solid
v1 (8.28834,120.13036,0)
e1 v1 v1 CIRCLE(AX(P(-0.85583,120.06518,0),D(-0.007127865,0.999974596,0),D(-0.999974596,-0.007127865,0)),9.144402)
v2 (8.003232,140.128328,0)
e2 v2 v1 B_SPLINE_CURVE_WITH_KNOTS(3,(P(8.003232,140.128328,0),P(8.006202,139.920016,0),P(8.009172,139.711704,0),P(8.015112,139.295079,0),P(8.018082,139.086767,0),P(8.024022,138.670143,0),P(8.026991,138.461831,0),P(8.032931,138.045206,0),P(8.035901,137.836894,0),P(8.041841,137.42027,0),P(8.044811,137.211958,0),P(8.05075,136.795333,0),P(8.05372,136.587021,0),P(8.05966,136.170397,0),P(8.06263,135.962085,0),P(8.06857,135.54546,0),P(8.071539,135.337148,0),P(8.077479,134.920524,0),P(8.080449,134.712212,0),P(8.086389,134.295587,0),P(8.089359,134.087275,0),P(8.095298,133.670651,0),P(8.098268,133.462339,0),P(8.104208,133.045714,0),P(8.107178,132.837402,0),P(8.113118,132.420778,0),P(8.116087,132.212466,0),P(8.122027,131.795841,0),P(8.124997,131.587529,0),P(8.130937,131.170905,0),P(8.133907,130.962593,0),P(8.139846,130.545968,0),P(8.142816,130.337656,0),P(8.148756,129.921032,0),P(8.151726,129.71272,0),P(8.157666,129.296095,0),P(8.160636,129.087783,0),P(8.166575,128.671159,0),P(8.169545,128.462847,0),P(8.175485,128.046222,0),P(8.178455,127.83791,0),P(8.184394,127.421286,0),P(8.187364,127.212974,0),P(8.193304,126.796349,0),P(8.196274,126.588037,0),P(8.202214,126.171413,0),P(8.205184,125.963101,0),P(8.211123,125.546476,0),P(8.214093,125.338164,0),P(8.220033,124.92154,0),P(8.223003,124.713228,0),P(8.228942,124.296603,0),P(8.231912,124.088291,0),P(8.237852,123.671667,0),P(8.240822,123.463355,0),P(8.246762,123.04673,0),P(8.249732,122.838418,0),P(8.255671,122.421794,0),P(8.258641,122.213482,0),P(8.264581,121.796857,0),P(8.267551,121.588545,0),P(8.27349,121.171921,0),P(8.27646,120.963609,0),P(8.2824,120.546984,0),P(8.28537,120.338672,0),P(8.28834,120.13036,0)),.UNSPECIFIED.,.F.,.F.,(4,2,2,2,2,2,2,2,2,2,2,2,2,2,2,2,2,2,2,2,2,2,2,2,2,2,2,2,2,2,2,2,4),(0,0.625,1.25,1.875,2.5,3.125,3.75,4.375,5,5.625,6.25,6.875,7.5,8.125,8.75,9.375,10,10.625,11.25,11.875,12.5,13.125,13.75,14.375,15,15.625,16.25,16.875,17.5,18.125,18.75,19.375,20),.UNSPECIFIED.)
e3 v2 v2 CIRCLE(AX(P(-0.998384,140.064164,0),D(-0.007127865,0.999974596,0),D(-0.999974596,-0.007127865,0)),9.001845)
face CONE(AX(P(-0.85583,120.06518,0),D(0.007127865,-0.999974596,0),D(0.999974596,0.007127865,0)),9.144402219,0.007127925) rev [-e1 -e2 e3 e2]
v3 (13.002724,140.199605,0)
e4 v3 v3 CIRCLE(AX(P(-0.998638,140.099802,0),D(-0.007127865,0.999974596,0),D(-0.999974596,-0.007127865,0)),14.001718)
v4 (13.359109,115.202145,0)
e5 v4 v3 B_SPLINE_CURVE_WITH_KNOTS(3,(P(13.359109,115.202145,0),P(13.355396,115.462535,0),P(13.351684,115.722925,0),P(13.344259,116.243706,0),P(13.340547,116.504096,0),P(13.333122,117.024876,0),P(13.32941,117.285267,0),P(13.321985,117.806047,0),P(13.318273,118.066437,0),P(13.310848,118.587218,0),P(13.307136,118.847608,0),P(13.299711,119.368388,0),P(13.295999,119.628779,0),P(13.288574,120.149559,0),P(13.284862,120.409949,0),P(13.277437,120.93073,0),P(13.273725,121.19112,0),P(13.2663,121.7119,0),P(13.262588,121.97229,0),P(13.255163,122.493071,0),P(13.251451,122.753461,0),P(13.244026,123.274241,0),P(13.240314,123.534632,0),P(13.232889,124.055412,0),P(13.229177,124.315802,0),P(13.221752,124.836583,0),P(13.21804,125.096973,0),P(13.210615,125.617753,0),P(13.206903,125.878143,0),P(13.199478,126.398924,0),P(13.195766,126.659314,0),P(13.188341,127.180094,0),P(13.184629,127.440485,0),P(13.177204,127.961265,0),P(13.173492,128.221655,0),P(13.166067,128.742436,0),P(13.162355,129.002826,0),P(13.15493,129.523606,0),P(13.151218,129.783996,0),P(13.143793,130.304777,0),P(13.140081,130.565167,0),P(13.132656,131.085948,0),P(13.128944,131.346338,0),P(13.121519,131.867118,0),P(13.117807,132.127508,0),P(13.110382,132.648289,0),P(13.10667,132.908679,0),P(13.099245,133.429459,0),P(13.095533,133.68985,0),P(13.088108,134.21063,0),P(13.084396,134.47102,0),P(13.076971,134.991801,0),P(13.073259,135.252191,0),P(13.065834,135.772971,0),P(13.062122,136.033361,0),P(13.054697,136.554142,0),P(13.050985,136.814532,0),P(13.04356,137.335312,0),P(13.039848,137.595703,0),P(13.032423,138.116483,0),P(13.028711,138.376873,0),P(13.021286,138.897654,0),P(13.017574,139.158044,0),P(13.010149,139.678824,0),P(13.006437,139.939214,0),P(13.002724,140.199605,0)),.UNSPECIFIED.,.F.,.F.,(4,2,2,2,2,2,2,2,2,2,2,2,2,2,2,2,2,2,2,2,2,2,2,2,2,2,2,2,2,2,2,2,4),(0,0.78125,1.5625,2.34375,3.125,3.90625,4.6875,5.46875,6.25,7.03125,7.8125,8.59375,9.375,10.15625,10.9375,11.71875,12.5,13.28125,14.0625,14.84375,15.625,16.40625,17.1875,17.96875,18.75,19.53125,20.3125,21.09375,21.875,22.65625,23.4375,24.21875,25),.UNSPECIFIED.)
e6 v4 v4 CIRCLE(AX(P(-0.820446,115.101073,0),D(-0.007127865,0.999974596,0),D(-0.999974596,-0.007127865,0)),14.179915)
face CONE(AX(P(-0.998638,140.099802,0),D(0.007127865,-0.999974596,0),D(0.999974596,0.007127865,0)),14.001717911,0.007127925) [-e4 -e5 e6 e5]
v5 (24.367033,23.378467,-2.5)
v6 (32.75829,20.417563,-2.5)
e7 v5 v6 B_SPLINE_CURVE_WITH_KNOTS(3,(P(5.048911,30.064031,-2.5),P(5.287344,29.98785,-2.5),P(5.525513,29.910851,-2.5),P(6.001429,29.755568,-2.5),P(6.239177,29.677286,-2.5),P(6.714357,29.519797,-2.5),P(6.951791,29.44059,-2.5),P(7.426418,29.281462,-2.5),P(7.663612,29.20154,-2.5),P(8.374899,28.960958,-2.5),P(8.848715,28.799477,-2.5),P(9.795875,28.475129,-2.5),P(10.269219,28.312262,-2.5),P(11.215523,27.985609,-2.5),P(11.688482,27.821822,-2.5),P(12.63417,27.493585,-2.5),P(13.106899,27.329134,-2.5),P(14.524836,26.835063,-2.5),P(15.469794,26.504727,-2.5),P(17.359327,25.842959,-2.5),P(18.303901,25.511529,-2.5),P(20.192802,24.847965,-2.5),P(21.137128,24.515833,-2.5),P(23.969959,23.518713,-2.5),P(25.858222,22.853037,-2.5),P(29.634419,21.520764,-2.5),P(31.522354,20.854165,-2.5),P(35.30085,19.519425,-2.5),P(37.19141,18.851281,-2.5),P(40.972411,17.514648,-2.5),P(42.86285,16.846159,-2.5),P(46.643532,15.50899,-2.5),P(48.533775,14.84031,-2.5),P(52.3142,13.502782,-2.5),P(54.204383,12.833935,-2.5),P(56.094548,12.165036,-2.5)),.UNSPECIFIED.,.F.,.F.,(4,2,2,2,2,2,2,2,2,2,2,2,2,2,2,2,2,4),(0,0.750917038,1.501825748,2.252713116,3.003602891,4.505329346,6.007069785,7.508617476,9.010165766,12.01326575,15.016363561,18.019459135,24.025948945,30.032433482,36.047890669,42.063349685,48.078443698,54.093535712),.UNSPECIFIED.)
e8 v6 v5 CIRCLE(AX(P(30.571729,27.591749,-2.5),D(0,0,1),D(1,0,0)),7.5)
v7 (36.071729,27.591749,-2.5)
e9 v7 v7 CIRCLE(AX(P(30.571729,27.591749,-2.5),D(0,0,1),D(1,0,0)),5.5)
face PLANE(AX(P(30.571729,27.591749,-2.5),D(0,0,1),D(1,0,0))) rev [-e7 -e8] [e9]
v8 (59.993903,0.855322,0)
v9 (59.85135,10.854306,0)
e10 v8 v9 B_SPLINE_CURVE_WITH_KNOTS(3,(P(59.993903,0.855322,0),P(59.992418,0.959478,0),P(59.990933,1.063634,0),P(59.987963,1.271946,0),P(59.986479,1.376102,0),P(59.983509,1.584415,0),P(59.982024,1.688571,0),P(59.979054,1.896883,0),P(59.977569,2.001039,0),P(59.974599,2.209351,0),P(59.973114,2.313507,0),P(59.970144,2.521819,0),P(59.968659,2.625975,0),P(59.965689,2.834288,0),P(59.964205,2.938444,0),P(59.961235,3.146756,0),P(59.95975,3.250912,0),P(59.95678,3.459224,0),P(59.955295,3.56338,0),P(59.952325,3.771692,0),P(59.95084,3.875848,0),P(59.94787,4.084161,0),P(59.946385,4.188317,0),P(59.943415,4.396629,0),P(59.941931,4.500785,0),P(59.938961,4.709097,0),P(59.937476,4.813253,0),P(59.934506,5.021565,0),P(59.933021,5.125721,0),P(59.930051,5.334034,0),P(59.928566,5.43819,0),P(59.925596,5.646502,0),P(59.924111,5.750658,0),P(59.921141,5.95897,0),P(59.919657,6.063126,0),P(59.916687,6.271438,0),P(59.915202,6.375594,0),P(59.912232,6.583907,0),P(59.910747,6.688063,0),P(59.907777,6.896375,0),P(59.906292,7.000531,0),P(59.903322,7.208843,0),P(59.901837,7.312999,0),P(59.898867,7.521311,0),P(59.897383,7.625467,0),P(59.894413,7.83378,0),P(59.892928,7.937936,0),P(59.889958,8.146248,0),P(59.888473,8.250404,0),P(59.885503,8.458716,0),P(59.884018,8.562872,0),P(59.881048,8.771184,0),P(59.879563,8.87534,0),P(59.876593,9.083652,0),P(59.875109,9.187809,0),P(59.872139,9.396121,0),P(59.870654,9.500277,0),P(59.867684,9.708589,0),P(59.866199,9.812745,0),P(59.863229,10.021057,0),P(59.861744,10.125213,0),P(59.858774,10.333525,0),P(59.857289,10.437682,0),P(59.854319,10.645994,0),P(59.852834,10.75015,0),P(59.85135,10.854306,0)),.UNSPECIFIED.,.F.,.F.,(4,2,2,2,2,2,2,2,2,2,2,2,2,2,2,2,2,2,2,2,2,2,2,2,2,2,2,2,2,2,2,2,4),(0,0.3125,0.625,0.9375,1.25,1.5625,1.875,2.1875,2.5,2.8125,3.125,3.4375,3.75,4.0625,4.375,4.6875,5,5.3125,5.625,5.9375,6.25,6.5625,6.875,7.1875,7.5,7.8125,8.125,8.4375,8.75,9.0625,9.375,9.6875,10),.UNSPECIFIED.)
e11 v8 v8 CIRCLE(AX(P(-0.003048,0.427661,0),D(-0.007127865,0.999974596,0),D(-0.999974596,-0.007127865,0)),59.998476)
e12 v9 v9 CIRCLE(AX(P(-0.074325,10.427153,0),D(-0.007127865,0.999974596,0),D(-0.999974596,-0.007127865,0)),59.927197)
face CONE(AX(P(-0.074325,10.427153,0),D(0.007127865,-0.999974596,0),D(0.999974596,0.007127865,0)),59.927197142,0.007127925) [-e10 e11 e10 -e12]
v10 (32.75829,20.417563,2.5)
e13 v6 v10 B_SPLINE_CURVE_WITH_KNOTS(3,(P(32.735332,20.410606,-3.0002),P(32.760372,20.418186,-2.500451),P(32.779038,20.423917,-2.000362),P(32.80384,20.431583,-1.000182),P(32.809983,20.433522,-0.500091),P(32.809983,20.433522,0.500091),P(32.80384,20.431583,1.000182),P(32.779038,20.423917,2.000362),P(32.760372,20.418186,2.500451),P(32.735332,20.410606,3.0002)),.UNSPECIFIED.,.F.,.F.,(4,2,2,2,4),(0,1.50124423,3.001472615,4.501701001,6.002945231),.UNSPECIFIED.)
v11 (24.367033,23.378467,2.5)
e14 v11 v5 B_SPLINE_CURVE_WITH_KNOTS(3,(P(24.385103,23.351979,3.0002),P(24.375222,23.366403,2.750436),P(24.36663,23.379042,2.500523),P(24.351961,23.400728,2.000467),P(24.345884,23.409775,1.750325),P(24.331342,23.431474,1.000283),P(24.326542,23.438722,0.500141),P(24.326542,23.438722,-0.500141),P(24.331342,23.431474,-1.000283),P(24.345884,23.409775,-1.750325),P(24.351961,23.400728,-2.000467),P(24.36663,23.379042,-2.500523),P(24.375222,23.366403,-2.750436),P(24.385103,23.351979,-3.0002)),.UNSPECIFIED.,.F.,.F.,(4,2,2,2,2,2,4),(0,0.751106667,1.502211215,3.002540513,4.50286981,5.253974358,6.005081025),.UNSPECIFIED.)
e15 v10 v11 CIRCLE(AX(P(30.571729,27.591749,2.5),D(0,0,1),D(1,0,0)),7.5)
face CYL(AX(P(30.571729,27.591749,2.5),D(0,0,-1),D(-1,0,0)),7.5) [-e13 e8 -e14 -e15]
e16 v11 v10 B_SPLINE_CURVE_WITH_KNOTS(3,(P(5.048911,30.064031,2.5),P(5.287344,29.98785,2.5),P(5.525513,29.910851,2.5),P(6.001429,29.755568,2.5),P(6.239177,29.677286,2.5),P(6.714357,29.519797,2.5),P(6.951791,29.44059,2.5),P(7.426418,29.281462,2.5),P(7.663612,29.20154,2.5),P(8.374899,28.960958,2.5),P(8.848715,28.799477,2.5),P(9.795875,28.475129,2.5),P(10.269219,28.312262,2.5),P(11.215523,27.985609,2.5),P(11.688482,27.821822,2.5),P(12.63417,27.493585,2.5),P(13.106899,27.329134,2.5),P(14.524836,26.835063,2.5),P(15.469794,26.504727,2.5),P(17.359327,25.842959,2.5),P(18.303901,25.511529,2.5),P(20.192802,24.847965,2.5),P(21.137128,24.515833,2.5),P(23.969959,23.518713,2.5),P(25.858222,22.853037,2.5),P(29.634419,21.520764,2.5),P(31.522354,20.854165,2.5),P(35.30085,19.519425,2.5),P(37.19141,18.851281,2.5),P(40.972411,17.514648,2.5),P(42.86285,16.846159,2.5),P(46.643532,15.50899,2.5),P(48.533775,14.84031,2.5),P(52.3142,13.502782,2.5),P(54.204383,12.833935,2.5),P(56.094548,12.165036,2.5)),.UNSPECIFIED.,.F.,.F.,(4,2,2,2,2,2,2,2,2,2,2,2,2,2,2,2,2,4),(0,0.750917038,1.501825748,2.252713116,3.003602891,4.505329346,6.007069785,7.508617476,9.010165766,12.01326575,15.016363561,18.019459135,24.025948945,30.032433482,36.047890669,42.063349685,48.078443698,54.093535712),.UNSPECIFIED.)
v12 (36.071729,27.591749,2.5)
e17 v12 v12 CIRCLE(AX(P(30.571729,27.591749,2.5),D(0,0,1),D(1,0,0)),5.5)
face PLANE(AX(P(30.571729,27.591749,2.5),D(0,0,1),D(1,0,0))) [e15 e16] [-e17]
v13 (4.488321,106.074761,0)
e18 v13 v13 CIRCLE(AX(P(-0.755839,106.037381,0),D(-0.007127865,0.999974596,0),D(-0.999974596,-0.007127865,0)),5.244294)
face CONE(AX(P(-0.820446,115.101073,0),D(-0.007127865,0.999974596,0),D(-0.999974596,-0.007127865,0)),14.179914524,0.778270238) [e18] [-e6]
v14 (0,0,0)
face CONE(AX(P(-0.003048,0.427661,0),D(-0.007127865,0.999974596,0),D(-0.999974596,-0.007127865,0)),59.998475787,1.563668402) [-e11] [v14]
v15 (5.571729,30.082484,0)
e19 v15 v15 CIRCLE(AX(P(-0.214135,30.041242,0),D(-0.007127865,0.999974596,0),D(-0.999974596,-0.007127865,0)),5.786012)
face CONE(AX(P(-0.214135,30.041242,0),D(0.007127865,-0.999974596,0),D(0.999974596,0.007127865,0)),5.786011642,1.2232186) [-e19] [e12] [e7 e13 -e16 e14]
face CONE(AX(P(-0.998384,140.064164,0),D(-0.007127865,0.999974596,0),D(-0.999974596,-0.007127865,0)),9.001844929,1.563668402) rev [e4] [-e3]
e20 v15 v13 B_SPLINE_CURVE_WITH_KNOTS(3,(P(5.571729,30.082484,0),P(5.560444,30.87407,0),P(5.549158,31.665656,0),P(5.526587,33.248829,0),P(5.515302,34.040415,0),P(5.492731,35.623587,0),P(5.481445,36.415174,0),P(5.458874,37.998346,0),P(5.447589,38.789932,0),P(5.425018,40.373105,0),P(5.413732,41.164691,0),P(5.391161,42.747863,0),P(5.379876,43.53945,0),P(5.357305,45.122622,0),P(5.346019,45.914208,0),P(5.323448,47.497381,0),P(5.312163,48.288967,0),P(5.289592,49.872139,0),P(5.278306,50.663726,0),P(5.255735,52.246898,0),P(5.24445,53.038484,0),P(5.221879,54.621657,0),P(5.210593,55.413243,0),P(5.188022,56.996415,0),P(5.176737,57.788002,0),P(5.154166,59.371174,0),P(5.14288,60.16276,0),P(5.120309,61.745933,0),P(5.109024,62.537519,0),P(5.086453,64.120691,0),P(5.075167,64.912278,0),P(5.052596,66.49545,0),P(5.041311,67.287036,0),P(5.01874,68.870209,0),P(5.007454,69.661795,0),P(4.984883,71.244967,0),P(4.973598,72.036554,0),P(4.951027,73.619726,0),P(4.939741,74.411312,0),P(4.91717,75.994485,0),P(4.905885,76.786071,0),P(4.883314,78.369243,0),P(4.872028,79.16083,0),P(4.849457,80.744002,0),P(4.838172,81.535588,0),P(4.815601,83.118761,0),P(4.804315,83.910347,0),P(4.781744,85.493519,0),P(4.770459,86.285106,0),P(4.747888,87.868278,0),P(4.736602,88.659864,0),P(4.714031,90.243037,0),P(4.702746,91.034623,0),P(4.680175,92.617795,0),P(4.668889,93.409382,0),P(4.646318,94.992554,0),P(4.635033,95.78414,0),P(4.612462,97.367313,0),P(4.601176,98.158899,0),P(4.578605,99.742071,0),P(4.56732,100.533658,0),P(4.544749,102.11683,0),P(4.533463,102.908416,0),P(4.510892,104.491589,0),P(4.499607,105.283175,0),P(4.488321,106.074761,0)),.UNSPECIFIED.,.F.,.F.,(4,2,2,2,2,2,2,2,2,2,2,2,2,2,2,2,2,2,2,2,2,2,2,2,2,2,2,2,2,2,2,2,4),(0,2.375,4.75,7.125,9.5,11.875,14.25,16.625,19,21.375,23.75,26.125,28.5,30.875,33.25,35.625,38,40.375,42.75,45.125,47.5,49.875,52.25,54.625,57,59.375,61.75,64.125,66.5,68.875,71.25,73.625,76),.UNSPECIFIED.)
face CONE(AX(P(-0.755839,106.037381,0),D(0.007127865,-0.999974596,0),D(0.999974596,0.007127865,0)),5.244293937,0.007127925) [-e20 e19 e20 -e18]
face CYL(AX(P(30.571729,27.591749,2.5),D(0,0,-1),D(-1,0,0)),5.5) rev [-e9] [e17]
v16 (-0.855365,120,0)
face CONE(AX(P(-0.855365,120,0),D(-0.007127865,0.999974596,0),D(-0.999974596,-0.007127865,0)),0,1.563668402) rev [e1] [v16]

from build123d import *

# Parameters (mm, degrees)
SKETCH2_R           = 7.5
SKETCH2_R_2         = 5.5
BOSS_EXTRUDE1_DEPTH = 2.5


with BuildPart() as part:
    # Sketch1 → Revolve1 (revolve)
    with BuildSketch(Plane.XY, mode=Mode.PRIVATE) as revolve1_sk:
        Polygon((-0.855365474, 120), (-10, 120), (-10, 140), (-15, 140), (-15, 115), (-6, 106), (-6, 30), (-60, 10), (-60, 0), (0, 0), align=None)
    revolve(revolve1_sk.sketch.rotate(Axis((-0.855365474, 120, 0), (0.0071278645418364215, -0.9999745964508665, 0)), 180), axis=Axis((-0.855365474, 120, 0), (0.0071278645418364215, -0.9999745964508665, 0)))

    # Sketch2 → Boss-Extrude1 (add, symmetric)
    with BuildSketch(Plane.XY):
        with Locations((30.571729314, 27.591749237)):
            Circle(SKETCH2_R)
        with Locations((30.571729314, 27.591749237)):
            Circle(SKETCH2_R_2, mode=Mode.SUBTRACT)
    extrude(amount=BOSS_EXTRUDE1_DEPTH, both=True)


solid = part.part
